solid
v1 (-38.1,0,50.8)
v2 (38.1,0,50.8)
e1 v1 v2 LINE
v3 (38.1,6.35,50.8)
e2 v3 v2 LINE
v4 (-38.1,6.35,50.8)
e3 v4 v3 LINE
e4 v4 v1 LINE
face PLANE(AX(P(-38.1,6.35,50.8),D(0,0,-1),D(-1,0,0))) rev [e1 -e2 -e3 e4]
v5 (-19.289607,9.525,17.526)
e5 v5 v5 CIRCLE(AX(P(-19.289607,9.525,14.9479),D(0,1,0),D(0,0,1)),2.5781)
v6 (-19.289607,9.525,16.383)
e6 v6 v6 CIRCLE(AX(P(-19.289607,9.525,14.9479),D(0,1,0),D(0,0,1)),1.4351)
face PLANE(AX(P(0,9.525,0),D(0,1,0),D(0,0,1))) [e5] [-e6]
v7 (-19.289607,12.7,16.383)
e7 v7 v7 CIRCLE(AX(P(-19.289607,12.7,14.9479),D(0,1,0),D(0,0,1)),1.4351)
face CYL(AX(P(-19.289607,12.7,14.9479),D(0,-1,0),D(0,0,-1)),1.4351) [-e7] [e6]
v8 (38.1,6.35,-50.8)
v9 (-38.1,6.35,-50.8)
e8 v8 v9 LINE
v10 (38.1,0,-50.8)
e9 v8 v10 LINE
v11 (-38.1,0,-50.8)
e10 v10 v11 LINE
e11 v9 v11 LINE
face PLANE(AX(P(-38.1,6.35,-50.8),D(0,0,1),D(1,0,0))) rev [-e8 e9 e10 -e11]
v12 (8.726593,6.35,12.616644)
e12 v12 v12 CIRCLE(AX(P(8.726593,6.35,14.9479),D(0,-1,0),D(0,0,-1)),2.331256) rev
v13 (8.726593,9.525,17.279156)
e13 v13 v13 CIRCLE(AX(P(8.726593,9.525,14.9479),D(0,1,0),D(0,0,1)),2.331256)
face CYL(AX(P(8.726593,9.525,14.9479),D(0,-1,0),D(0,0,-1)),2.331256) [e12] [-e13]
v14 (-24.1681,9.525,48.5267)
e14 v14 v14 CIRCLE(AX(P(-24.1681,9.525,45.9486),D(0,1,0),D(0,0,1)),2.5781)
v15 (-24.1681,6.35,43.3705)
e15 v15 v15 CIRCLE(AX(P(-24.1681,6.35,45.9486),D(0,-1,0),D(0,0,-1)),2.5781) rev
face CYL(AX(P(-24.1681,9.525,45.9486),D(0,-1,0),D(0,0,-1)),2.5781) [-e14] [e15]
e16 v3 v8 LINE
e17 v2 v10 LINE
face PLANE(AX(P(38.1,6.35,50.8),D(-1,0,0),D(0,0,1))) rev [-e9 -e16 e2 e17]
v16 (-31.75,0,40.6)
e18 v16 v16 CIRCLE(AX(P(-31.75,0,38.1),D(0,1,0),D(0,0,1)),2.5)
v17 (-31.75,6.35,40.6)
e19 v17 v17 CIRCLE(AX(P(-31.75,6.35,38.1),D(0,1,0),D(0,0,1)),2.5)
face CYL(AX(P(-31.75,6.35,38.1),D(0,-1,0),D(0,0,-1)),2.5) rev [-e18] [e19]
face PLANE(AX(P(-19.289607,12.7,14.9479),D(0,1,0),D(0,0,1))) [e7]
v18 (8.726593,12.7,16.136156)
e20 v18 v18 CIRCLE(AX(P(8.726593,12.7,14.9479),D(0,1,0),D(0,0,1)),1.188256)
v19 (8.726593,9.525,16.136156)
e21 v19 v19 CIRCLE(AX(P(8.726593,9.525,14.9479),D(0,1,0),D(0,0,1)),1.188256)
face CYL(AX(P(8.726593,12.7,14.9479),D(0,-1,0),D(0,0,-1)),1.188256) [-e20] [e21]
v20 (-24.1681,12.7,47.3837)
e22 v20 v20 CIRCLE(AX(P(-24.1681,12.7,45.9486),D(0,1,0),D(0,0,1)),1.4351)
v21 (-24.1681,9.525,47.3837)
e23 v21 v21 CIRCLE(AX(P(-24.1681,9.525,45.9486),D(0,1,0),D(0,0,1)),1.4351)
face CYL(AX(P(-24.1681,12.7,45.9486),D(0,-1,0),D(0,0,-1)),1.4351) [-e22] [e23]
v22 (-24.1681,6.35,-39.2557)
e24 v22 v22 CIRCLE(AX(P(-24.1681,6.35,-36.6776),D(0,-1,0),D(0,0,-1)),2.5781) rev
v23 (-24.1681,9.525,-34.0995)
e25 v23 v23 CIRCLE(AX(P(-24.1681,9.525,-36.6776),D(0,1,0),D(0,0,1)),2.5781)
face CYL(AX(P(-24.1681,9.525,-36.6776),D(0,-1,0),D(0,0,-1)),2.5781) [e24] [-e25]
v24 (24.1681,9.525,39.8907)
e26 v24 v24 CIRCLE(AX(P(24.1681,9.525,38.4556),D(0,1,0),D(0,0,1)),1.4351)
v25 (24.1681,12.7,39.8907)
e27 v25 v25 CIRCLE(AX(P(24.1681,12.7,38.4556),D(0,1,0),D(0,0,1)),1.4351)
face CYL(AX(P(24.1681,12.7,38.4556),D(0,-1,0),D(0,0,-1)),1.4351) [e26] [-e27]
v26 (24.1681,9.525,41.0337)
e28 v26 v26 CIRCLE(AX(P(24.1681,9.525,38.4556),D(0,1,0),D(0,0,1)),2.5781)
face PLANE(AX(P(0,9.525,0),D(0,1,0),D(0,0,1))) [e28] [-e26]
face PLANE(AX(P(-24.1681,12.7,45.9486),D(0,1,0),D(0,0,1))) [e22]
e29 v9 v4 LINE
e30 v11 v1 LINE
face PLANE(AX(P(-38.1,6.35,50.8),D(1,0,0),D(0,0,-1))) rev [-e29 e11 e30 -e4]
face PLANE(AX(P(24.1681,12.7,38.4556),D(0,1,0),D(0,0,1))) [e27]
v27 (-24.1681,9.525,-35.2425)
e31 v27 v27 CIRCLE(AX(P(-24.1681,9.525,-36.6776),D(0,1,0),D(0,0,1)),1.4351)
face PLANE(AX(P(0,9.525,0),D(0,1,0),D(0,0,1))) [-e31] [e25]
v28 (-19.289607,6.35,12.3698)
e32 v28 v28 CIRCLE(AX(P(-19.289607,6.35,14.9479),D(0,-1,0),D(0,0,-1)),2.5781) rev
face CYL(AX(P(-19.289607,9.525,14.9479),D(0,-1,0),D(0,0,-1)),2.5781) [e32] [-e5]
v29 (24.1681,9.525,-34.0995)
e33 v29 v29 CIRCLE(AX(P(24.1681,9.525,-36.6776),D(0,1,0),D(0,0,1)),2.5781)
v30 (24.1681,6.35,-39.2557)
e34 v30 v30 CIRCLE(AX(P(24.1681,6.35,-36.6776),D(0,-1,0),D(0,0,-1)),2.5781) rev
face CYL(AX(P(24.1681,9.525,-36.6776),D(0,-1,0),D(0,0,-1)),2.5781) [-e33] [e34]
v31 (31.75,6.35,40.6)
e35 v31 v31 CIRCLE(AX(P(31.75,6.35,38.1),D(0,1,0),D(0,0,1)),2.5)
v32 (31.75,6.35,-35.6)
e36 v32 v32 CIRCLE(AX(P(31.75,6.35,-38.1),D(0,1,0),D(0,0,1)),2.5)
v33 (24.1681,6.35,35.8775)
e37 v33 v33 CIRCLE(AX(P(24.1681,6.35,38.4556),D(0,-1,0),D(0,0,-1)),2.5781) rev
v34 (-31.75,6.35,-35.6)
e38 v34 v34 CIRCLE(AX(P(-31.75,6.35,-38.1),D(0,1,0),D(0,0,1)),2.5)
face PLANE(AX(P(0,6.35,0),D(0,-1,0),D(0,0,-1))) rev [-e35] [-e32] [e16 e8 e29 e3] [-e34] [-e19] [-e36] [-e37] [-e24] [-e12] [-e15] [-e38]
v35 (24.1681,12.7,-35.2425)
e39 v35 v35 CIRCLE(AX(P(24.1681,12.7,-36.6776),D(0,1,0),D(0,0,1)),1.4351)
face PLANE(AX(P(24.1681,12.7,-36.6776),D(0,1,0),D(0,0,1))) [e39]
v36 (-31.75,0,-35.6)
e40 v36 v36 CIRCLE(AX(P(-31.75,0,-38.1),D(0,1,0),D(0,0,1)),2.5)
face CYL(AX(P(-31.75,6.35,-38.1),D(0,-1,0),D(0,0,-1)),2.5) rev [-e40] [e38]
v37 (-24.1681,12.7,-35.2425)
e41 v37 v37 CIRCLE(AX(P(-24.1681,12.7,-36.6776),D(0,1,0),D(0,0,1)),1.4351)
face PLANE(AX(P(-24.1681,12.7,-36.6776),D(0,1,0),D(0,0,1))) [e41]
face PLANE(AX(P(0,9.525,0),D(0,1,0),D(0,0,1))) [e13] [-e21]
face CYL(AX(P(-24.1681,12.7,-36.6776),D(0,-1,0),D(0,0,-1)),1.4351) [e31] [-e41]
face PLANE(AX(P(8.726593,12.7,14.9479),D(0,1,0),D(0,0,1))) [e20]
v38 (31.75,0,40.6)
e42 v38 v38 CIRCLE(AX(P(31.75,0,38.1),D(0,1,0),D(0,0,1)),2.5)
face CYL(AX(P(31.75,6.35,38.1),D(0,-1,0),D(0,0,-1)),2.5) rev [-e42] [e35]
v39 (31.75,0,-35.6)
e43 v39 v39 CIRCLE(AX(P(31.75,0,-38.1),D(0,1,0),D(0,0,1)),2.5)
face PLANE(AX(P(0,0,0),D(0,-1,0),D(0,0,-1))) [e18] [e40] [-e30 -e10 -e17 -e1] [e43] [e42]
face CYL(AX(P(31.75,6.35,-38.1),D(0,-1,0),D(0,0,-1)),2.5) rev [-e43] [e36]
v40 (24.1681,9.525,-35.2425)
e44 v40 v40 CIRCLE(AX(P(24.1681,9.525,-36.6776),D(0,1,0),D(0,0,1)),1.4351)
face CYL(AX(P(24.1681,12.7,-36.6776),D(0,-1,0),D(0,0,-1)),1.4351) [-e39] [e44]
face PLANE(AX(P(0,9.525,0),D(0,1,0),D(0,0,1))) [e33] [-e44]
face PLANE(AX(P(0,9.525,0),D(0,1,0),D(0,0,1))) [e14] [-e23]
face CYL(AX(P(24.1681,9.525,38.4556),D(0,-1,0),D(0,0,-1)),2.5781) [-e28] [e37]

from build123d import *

# Parameters (mm, degrees)
SKETCH1_W           = 76.2
SKETCH1_H           = 101.6
SKETCH1_R           = 2.5
BOSS_EXTRUDE1_DEPTH = 6.35
SKETCH2_R           = 2.5781
SKETCH2_R_2         = 1.4351
SKETCH2_R_3         = 2.331256363
SKETCH2_R_4         = 1.188256363
BOSS_EXTRUDE2_DEPTH = 3.175
BOSS_EXTRUDE3_START = 3.175
SKETCH2_4_R         = 1.4351
SKETCH2_4_R_2       = 1.188256363
BOSS_EXTRUDE3_DEPTH = 3.175


with BuildPart() as part:
    # Sketch1 → Boss-Extrude1 (new body)
    with BuildSketch(Plane(origin=(0, 0, 0), x_dir=(1, 0, 0), z_dir=(0, 1, 0))):
        Rectangle(SKETCH1_W, SKETCH1_H)
        with Locations(Location((-31.75, 38.1, 0), (0, 0, 270))):
            Circle(SKETCH1_R, mode=Mode.SUBTRACT)
        with Locations(Location((-31.75, -38.1, 0), (0, 0, 270))):
            Circle(SKETCH1_R, mode=Mode.SUBTRACT)
        with Locations(Location((31.75, 38.1, 0), (0, 0, 270))):
            Circle(SKETCH1_R, mode=Mode.SUBTRACT)
        with Locations(Location((31.75, -38.1, 0), (0, 0, 270))):
            Circle(SKETCH1_R, mode=Mode.SUBTRACT)
    extrude(amount=BOSS_EXTRUDE1_DEPTH)

    # Sketch2 → Boss-Extrude2 (add)
    with BuildSketch(Plane(origin=(0, 6.35, 0), x_dir=(1, 0, 0), z_dir=(0, 1, 0))):
        with Locations(Location((-24.1681, 36.6776, 0), (0, 0, 90))):
            Circle(SKETCH2_R)
        with Locations((-24.1681, 36.6776)):
            Circle(SKETCH2_R_2, mode=Mode.SUBTRACT)
        with Locations((-24.1681, 36.6776)):
            Circle(SKETCH2_R_2)
        with Locations(Location((24.1681, 36.6776, 0), (0, 0, 90))):
            Circle(SKETCH2_R)
        with Locations((24.1681, 36.6776)):
            Circle(SKETCH2_R_2, mode=Mode.SUBTRACT)
        with Locations((24.1681, 36.6776)):
            Circle(SKETCH2_R_2)
        with Locations(Location((-19.289607234, -14.9479, 0), (0, 0, 90))):
            Circle(SKETCH2_R)
        with Locations((-19.289607234, -14.9479)):
            Circle(SKETCH2_R_2, mode=Mode.SUBTRACT)
        with Locations((-19.289607234, -14.9479)):
            Circle(SKETCH2_R_2)
        with Locations(Location((8.726592766, -14.9479, 0), (0, 0, 90))):
            Circle(SKETCH2_R_3)
        with Locations((8.726592766, -14.9479)):
            Circle(SKETCH2_R_4, mode=Mode.SUBTRACT)
        with Locations((8.726592766, -14.9479)):
            Circle(SKETCH2_R_4)
        with Locations(Location((-24.1681, -45.9486, 0), (0, 0, 90))):
            Circle(SKETCH2_R)
        with Locations((-24.1681, -45.9486)):
            Circle(SKETCH2_R_2, mode=Mode.SUBTRACT)
        with Locations((-24.1681, -45.9486)):
            Circle(SKETCH2_R_2)
        with Locations(Location((24.1681, -38.4556, 0), (0, 0, 90))):
            Circle(SKETCH2_R)
        with Locations((24.1681, -38.4556)):
            Circle(SKETCH2_R_2, mode=Mode.SUBTRACT)
        with Locations((24.1681, -38.4556)):
            Circle(SKETCH2_R_2)
    extrude(amount=BOSS_EXTRUDE2_DEPTH)

    # Sketch2<4> → Boss-Extrude3 (add)
    with BuildSketch(Plane(origin=(0, 6.35, 0), x_dir=(1, 0, 0), z_dir=(0, 1, 0)).offset(BOSS_EXTRUDE3_START)):
        with Locations(Location((-24.1681, 36.6776, 0), (0, 0, 270))):
            Circle(SKETCH2_4_R)
        with Locations(Location((24.1681, 36.6776, 0), (0, 0, 270))):
            Circle(SKETCH2_4_R)
        with Locations(Location((-19.289607234, -14.9479, 0), (0, 0, 270))):
            Circle(SKETCH2_4_R)
        with Locations(Location((8.726592766, -14.9479, 0), (0, 0, 270))):
            Circle(SKETCH2_4_R_2)
        with Locations(Location((24.1681, -38.4556, 0), (0, 0, 270))):
            Circle(SKETCH2_4_R)
        with Locations(Location((-24.1681, -45.9486, 0), (0, 0, 270))):
            Circle(SKETCH2_4_R)
    extrude(amount=BOSS_EXTRUDE3_DEPTH)


solid = part.part
